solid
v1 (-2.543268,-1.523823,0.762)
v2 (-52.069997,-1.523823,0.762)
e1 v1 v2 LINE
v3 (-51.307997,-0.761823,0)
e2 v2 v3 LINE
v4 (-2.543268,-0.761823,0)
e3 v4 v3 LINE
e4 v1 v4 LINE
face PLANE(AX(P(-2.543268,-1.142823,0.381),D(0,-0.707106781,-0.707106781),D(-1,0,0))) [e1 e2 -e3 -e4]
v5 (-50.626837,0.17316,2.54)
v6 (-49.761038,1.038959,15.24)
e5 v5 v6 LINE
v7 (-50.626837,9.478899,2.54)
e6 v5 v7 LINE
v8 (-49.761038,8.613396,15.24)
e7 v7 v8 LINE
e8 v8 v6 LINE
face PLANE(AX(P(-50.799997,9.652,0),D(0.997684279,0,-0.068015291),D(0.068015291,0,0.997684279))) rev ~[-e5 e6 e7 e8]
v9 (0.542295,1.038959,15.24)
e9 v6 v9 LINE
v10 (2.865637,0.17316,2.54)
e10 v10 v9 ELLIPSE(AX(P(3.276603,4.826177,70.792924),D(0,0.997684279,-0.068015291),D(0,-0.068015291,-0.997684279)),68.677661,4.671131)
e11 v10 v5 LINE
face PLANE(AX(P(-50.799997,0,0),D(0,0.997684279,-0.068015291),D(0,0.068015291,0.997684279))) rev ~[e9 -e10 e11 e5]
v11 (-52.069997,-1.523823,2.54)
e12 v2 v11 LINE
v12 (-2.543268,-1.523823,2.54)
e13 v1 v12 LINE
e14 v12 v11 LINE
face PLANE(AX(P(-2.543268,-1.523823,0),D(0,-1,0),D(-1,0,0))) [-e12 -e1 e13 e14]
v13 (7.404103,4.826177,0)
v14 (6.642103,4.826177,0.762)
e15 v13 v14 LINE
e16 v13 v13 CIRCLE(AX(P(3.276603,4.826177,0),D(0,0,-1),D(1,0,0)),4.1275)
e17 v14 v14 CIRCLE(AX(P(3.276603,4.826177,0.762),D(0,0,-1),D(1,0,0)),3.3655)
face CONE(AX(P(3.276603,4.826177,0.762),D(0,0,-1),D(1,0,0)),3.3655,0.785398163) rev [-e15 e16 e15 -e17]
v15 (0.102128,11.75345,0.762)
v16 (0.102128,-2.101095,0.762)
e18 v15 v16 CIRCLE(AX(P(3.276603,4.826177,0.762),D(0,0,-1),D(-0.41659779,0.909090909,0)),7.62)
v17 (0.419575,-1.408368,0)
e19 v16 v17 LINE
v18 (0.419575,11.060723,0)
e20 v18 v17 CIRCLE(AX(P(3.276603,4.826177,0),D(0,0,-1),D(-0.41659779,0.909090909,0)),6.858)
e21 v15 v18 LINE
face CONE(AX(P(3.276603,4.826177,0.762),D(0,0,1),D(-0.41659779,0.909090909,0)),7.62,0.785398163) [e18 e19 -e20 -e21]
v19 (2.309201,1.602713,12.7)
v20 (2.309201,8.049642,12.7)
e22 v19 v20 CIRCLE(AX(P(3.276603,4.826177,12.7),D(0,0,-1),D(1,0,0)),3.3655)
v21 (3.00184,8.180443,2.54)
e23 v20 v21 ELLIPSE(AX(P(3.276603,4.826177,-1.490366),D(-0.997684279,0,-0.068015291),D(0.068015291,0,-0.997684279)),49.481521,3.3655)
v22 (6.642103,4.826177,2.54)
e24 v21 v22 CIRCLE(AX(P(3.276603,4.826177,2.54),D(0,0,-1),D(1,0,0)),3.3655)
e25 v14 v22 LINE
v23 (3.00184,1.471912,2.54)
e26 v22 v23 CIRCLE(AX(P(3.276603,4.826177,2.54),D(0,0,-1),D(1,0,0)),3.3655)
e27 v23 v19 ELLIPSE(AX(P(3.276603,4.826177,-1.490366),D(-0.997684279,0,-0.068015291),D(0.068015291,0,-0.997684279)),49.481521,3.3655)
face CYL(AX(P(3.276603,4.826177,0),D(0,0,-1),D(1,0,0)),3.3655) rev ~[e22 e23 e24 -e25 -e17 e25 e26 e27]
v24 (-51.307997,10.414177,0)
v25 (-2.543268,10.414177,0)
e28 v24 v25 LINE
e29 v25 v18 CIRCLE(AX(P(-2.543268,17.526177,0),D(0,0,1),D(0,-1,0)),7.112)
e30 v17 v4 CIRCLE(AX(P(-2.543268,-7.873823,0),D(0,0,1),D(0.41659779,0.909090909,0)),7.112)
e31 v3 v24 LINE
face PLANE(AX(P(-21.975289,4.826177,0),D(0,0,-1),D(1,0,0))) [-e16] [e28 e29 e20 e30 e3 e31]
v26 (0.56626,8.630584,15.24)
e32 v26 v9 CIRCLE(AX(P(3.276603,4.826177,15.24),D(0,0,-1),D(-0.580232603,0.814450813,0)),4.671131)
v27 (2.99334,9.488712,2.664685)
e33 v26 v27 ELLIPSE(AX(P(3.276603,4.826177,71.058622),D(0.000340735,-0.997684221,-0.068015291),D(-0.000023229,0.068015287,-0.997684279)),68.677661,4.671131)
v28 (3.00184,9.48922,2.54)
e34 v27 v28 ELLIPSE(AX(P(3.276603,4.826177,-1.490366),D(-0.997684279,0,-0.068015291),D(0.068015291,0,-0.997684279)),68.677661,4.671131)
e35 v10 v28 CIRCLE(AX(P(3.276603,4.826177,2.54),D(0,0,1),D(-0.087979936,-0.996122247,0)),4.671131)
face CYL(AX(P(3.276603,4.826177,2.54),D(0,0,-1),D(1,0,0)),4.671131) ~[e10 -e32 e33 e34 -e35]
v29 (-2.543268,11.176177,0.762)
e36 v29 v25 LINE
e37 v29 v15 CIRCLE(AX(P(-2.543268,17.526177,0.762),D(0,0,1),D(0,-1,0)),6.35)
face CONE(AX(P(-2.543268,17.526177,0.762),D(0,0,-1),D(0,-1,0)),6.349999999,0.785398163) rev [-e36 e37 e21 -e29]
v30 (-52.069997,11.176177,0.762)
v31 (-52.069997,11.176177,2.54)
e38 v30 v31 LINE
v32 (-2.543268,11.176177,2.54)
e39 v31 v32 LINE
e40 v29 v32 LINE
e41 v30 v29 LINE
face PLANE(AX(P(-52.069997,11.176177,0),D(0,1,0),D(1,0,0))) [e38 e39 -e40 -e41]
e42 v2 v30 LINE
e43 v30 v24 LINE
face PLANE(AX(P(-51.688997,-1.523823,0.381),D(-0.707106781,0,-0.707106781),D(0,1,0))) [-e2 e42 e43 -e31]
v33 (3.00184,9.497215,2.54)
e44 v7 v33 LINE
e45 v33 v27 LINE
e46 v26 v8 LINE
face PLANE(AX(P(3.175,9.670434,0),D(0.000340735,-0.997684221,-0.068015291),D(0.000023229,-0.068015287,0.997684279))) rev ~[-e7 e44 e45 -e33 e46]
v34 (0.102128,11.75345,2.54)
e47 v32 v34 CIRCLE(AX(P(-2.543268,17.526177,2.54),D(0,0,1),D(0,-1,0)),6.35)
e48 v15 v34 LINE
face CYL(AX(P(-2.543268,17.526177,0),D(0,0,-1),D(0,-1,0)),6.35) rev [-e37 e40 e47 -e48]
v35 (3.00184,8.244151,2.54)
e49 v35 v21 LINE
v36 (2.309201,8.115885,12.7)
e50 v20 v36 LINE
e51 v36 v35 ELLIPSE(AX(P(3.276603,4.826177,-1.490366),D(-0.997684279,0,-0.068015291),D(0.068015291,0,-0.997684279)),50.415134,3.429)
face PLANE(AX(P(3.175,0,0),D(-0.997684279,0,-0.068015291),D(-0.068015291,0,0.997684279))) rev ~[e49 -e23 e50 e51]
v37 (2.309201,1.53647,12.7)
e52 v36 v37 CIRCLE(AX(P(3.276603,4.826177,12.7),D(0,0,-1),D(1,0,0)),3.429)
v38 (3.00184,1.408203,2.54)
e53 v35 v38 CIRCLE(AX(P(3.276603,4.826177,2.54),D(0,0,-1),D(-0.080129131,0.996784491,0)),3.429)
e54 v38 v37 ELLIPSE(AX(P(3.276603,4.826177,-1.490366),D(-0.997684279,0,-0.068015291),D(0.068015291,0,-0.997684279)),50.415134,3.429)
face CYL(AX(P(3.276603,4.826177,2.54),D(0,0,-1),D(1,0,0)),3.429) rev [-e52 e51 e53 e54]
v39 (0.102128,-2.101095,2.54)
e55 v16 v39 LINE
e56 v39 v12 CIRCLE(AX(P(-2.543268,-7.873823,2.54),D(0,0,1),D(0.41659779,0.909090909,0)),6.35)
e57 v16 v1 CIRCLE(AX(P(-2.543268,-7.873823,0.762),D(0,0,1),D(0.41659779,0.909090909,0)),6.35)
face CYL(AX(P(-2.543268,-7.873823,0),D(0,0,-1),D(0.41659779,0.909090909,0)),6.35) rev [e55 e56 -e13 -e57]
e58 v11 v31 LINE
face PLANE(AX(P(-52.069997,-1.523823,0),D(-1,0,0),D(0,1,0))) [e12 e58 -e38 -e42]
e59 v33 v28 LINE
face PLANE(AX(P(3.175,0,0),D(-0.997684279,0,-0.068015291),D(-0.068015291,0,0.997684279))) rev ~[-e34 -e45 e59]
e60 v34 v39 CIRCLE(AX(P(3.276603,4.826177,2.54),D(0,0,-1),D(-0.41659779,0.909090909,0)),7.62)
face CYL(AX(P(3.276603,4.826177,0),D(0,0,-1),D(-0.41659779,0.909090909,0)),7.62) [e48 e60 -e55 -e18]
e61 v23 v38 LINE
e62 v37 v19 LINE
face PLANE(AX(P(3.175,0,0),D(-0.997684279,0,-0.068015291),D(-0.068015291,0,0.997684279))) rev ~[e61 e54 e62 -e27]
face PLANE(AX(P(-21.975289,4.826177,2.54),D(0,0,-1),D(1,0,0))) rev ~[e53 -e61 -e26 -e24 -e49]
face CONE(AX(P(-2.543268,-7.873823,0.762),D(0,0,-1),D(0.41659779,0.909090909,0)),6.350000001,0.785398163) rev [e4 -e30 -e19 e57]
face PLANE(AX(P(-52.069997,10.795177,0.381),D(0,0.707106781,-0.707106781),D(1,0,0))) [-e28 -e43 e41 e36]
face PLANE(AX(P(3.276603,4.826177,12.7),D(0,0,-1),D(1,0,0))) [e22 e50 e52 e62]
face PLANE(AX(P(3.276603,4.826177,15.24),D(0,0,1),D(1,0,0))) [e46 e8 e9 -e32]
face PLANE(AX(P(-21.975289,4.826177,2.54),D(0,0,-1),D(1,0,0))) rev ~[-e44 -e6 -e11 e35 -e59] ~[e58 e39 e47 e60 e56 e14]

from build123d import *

# Parameters (mm, degrees)
F1_DEPTH = 15.24
F1_TAPER = 3.9
F3_DEPTH = 2.54
F4_R     = 3.3655
F5_DEPTH = 12.7
F6_R     = 4.6711310498
F6_R_2   = 3.429
F7_DEPTH = 12.7
F8_R     = 3.805331909
F9_DEPTH = 2.54
F10_SIZE = 0.762


with BuildPart() as f1:
    # F0 (on Top) → F1 (new body)
    with BuildSketch(Plane.XY):
        Polygon((-50.7999970374, 9.652), (-50.7999970374, 0), (3.175, 0), (3.175, 9.6704338458), align=None)
    extrude(amount=F1_DEPTH, taper=F1_TAPER)

    # F2 (on face) → F3 (join)
    with BuildSketch(Plane(origin=(0, 0, 0), x_dir=(1, 0, 0), z_dir=(0, 0, -1))):
        with BuildLine():
            ThreePointArc((-2.5432681699, -11.1761773853), (-1.1894436211, -11.3221739124), (0.1021277994, -11.7534501125))
            ThreePointArc((0.1021277994, -11.7534501125), (10.8966029626, -4.8261773853), (0.1021277994, 2.101095342))
            ThreePointArc((0.1021277994, 2.101095342), (-1.1894436211, 1.6698191419), (-2.5432681699, 1.5238226147))
            Line((-2.5432681699, 1.5238226147), (-52.0699970374, 1.5238226147))
            Line((-52.0699970374, 1.5238226147), (-52.0699970374, -11.1761773853))
            Line((-52.0699970374, -11.1761773853), (-2.5432681699, -11.1761773853))
        make_face()
    extrude(amount=-F3_DEPTH)

    # F4 (on face) → F5 (cut)
    with BuildSketch(Plane(origin=(0, 0, 0), x_dir=(1, 0, 0), z_dir=(0, 0, -1))):
        with Locations((3.2766029626, -4.8261773853)):
            Circle(F4_R)
    extrude(amount=-F5_DEPTH, mode=Mode.SUBTRACT)

    # F6 (on face) → F7 (join)
    with BuildSketch(Plane.XY.offset(2.54)):
        with Locations((3.2766029626, 4.8261773853)):
            Circle(F6_R)
        with Locations((3.2766029626, 4.8261773853)):
            Circle(F6_R_2, mode=Mode.SUBTRACT)
    extrude(amount=F7_DEPTH)

    # F8 (on face) → F9 (join)
    with BuildSketch(Plane.XY.offset(15.24)):
        with Locations((3.2766029626, 4.8261773853)):
            Circle(F8_R)
    extrude(amount=-F9_DEPTH)

    # F10
    f10_edges = [f1.edges().sort_by_distance(p)[0] for p in [
        (-1.189444, 11.322174, 0),
        (-27.306633, 11.176177, 0),
        (10.896603, 4.826177, 0),
        (-52.069997, 4.826177, 0),
        (-1.189444, -1.669819, 0),
        (-27.306633, -1.523823, 0),
        (-0.088897, 4.826177, 0),
    ]]
    chamfer(f10_edges, length=F10_SIZE)


solid = f1.part
